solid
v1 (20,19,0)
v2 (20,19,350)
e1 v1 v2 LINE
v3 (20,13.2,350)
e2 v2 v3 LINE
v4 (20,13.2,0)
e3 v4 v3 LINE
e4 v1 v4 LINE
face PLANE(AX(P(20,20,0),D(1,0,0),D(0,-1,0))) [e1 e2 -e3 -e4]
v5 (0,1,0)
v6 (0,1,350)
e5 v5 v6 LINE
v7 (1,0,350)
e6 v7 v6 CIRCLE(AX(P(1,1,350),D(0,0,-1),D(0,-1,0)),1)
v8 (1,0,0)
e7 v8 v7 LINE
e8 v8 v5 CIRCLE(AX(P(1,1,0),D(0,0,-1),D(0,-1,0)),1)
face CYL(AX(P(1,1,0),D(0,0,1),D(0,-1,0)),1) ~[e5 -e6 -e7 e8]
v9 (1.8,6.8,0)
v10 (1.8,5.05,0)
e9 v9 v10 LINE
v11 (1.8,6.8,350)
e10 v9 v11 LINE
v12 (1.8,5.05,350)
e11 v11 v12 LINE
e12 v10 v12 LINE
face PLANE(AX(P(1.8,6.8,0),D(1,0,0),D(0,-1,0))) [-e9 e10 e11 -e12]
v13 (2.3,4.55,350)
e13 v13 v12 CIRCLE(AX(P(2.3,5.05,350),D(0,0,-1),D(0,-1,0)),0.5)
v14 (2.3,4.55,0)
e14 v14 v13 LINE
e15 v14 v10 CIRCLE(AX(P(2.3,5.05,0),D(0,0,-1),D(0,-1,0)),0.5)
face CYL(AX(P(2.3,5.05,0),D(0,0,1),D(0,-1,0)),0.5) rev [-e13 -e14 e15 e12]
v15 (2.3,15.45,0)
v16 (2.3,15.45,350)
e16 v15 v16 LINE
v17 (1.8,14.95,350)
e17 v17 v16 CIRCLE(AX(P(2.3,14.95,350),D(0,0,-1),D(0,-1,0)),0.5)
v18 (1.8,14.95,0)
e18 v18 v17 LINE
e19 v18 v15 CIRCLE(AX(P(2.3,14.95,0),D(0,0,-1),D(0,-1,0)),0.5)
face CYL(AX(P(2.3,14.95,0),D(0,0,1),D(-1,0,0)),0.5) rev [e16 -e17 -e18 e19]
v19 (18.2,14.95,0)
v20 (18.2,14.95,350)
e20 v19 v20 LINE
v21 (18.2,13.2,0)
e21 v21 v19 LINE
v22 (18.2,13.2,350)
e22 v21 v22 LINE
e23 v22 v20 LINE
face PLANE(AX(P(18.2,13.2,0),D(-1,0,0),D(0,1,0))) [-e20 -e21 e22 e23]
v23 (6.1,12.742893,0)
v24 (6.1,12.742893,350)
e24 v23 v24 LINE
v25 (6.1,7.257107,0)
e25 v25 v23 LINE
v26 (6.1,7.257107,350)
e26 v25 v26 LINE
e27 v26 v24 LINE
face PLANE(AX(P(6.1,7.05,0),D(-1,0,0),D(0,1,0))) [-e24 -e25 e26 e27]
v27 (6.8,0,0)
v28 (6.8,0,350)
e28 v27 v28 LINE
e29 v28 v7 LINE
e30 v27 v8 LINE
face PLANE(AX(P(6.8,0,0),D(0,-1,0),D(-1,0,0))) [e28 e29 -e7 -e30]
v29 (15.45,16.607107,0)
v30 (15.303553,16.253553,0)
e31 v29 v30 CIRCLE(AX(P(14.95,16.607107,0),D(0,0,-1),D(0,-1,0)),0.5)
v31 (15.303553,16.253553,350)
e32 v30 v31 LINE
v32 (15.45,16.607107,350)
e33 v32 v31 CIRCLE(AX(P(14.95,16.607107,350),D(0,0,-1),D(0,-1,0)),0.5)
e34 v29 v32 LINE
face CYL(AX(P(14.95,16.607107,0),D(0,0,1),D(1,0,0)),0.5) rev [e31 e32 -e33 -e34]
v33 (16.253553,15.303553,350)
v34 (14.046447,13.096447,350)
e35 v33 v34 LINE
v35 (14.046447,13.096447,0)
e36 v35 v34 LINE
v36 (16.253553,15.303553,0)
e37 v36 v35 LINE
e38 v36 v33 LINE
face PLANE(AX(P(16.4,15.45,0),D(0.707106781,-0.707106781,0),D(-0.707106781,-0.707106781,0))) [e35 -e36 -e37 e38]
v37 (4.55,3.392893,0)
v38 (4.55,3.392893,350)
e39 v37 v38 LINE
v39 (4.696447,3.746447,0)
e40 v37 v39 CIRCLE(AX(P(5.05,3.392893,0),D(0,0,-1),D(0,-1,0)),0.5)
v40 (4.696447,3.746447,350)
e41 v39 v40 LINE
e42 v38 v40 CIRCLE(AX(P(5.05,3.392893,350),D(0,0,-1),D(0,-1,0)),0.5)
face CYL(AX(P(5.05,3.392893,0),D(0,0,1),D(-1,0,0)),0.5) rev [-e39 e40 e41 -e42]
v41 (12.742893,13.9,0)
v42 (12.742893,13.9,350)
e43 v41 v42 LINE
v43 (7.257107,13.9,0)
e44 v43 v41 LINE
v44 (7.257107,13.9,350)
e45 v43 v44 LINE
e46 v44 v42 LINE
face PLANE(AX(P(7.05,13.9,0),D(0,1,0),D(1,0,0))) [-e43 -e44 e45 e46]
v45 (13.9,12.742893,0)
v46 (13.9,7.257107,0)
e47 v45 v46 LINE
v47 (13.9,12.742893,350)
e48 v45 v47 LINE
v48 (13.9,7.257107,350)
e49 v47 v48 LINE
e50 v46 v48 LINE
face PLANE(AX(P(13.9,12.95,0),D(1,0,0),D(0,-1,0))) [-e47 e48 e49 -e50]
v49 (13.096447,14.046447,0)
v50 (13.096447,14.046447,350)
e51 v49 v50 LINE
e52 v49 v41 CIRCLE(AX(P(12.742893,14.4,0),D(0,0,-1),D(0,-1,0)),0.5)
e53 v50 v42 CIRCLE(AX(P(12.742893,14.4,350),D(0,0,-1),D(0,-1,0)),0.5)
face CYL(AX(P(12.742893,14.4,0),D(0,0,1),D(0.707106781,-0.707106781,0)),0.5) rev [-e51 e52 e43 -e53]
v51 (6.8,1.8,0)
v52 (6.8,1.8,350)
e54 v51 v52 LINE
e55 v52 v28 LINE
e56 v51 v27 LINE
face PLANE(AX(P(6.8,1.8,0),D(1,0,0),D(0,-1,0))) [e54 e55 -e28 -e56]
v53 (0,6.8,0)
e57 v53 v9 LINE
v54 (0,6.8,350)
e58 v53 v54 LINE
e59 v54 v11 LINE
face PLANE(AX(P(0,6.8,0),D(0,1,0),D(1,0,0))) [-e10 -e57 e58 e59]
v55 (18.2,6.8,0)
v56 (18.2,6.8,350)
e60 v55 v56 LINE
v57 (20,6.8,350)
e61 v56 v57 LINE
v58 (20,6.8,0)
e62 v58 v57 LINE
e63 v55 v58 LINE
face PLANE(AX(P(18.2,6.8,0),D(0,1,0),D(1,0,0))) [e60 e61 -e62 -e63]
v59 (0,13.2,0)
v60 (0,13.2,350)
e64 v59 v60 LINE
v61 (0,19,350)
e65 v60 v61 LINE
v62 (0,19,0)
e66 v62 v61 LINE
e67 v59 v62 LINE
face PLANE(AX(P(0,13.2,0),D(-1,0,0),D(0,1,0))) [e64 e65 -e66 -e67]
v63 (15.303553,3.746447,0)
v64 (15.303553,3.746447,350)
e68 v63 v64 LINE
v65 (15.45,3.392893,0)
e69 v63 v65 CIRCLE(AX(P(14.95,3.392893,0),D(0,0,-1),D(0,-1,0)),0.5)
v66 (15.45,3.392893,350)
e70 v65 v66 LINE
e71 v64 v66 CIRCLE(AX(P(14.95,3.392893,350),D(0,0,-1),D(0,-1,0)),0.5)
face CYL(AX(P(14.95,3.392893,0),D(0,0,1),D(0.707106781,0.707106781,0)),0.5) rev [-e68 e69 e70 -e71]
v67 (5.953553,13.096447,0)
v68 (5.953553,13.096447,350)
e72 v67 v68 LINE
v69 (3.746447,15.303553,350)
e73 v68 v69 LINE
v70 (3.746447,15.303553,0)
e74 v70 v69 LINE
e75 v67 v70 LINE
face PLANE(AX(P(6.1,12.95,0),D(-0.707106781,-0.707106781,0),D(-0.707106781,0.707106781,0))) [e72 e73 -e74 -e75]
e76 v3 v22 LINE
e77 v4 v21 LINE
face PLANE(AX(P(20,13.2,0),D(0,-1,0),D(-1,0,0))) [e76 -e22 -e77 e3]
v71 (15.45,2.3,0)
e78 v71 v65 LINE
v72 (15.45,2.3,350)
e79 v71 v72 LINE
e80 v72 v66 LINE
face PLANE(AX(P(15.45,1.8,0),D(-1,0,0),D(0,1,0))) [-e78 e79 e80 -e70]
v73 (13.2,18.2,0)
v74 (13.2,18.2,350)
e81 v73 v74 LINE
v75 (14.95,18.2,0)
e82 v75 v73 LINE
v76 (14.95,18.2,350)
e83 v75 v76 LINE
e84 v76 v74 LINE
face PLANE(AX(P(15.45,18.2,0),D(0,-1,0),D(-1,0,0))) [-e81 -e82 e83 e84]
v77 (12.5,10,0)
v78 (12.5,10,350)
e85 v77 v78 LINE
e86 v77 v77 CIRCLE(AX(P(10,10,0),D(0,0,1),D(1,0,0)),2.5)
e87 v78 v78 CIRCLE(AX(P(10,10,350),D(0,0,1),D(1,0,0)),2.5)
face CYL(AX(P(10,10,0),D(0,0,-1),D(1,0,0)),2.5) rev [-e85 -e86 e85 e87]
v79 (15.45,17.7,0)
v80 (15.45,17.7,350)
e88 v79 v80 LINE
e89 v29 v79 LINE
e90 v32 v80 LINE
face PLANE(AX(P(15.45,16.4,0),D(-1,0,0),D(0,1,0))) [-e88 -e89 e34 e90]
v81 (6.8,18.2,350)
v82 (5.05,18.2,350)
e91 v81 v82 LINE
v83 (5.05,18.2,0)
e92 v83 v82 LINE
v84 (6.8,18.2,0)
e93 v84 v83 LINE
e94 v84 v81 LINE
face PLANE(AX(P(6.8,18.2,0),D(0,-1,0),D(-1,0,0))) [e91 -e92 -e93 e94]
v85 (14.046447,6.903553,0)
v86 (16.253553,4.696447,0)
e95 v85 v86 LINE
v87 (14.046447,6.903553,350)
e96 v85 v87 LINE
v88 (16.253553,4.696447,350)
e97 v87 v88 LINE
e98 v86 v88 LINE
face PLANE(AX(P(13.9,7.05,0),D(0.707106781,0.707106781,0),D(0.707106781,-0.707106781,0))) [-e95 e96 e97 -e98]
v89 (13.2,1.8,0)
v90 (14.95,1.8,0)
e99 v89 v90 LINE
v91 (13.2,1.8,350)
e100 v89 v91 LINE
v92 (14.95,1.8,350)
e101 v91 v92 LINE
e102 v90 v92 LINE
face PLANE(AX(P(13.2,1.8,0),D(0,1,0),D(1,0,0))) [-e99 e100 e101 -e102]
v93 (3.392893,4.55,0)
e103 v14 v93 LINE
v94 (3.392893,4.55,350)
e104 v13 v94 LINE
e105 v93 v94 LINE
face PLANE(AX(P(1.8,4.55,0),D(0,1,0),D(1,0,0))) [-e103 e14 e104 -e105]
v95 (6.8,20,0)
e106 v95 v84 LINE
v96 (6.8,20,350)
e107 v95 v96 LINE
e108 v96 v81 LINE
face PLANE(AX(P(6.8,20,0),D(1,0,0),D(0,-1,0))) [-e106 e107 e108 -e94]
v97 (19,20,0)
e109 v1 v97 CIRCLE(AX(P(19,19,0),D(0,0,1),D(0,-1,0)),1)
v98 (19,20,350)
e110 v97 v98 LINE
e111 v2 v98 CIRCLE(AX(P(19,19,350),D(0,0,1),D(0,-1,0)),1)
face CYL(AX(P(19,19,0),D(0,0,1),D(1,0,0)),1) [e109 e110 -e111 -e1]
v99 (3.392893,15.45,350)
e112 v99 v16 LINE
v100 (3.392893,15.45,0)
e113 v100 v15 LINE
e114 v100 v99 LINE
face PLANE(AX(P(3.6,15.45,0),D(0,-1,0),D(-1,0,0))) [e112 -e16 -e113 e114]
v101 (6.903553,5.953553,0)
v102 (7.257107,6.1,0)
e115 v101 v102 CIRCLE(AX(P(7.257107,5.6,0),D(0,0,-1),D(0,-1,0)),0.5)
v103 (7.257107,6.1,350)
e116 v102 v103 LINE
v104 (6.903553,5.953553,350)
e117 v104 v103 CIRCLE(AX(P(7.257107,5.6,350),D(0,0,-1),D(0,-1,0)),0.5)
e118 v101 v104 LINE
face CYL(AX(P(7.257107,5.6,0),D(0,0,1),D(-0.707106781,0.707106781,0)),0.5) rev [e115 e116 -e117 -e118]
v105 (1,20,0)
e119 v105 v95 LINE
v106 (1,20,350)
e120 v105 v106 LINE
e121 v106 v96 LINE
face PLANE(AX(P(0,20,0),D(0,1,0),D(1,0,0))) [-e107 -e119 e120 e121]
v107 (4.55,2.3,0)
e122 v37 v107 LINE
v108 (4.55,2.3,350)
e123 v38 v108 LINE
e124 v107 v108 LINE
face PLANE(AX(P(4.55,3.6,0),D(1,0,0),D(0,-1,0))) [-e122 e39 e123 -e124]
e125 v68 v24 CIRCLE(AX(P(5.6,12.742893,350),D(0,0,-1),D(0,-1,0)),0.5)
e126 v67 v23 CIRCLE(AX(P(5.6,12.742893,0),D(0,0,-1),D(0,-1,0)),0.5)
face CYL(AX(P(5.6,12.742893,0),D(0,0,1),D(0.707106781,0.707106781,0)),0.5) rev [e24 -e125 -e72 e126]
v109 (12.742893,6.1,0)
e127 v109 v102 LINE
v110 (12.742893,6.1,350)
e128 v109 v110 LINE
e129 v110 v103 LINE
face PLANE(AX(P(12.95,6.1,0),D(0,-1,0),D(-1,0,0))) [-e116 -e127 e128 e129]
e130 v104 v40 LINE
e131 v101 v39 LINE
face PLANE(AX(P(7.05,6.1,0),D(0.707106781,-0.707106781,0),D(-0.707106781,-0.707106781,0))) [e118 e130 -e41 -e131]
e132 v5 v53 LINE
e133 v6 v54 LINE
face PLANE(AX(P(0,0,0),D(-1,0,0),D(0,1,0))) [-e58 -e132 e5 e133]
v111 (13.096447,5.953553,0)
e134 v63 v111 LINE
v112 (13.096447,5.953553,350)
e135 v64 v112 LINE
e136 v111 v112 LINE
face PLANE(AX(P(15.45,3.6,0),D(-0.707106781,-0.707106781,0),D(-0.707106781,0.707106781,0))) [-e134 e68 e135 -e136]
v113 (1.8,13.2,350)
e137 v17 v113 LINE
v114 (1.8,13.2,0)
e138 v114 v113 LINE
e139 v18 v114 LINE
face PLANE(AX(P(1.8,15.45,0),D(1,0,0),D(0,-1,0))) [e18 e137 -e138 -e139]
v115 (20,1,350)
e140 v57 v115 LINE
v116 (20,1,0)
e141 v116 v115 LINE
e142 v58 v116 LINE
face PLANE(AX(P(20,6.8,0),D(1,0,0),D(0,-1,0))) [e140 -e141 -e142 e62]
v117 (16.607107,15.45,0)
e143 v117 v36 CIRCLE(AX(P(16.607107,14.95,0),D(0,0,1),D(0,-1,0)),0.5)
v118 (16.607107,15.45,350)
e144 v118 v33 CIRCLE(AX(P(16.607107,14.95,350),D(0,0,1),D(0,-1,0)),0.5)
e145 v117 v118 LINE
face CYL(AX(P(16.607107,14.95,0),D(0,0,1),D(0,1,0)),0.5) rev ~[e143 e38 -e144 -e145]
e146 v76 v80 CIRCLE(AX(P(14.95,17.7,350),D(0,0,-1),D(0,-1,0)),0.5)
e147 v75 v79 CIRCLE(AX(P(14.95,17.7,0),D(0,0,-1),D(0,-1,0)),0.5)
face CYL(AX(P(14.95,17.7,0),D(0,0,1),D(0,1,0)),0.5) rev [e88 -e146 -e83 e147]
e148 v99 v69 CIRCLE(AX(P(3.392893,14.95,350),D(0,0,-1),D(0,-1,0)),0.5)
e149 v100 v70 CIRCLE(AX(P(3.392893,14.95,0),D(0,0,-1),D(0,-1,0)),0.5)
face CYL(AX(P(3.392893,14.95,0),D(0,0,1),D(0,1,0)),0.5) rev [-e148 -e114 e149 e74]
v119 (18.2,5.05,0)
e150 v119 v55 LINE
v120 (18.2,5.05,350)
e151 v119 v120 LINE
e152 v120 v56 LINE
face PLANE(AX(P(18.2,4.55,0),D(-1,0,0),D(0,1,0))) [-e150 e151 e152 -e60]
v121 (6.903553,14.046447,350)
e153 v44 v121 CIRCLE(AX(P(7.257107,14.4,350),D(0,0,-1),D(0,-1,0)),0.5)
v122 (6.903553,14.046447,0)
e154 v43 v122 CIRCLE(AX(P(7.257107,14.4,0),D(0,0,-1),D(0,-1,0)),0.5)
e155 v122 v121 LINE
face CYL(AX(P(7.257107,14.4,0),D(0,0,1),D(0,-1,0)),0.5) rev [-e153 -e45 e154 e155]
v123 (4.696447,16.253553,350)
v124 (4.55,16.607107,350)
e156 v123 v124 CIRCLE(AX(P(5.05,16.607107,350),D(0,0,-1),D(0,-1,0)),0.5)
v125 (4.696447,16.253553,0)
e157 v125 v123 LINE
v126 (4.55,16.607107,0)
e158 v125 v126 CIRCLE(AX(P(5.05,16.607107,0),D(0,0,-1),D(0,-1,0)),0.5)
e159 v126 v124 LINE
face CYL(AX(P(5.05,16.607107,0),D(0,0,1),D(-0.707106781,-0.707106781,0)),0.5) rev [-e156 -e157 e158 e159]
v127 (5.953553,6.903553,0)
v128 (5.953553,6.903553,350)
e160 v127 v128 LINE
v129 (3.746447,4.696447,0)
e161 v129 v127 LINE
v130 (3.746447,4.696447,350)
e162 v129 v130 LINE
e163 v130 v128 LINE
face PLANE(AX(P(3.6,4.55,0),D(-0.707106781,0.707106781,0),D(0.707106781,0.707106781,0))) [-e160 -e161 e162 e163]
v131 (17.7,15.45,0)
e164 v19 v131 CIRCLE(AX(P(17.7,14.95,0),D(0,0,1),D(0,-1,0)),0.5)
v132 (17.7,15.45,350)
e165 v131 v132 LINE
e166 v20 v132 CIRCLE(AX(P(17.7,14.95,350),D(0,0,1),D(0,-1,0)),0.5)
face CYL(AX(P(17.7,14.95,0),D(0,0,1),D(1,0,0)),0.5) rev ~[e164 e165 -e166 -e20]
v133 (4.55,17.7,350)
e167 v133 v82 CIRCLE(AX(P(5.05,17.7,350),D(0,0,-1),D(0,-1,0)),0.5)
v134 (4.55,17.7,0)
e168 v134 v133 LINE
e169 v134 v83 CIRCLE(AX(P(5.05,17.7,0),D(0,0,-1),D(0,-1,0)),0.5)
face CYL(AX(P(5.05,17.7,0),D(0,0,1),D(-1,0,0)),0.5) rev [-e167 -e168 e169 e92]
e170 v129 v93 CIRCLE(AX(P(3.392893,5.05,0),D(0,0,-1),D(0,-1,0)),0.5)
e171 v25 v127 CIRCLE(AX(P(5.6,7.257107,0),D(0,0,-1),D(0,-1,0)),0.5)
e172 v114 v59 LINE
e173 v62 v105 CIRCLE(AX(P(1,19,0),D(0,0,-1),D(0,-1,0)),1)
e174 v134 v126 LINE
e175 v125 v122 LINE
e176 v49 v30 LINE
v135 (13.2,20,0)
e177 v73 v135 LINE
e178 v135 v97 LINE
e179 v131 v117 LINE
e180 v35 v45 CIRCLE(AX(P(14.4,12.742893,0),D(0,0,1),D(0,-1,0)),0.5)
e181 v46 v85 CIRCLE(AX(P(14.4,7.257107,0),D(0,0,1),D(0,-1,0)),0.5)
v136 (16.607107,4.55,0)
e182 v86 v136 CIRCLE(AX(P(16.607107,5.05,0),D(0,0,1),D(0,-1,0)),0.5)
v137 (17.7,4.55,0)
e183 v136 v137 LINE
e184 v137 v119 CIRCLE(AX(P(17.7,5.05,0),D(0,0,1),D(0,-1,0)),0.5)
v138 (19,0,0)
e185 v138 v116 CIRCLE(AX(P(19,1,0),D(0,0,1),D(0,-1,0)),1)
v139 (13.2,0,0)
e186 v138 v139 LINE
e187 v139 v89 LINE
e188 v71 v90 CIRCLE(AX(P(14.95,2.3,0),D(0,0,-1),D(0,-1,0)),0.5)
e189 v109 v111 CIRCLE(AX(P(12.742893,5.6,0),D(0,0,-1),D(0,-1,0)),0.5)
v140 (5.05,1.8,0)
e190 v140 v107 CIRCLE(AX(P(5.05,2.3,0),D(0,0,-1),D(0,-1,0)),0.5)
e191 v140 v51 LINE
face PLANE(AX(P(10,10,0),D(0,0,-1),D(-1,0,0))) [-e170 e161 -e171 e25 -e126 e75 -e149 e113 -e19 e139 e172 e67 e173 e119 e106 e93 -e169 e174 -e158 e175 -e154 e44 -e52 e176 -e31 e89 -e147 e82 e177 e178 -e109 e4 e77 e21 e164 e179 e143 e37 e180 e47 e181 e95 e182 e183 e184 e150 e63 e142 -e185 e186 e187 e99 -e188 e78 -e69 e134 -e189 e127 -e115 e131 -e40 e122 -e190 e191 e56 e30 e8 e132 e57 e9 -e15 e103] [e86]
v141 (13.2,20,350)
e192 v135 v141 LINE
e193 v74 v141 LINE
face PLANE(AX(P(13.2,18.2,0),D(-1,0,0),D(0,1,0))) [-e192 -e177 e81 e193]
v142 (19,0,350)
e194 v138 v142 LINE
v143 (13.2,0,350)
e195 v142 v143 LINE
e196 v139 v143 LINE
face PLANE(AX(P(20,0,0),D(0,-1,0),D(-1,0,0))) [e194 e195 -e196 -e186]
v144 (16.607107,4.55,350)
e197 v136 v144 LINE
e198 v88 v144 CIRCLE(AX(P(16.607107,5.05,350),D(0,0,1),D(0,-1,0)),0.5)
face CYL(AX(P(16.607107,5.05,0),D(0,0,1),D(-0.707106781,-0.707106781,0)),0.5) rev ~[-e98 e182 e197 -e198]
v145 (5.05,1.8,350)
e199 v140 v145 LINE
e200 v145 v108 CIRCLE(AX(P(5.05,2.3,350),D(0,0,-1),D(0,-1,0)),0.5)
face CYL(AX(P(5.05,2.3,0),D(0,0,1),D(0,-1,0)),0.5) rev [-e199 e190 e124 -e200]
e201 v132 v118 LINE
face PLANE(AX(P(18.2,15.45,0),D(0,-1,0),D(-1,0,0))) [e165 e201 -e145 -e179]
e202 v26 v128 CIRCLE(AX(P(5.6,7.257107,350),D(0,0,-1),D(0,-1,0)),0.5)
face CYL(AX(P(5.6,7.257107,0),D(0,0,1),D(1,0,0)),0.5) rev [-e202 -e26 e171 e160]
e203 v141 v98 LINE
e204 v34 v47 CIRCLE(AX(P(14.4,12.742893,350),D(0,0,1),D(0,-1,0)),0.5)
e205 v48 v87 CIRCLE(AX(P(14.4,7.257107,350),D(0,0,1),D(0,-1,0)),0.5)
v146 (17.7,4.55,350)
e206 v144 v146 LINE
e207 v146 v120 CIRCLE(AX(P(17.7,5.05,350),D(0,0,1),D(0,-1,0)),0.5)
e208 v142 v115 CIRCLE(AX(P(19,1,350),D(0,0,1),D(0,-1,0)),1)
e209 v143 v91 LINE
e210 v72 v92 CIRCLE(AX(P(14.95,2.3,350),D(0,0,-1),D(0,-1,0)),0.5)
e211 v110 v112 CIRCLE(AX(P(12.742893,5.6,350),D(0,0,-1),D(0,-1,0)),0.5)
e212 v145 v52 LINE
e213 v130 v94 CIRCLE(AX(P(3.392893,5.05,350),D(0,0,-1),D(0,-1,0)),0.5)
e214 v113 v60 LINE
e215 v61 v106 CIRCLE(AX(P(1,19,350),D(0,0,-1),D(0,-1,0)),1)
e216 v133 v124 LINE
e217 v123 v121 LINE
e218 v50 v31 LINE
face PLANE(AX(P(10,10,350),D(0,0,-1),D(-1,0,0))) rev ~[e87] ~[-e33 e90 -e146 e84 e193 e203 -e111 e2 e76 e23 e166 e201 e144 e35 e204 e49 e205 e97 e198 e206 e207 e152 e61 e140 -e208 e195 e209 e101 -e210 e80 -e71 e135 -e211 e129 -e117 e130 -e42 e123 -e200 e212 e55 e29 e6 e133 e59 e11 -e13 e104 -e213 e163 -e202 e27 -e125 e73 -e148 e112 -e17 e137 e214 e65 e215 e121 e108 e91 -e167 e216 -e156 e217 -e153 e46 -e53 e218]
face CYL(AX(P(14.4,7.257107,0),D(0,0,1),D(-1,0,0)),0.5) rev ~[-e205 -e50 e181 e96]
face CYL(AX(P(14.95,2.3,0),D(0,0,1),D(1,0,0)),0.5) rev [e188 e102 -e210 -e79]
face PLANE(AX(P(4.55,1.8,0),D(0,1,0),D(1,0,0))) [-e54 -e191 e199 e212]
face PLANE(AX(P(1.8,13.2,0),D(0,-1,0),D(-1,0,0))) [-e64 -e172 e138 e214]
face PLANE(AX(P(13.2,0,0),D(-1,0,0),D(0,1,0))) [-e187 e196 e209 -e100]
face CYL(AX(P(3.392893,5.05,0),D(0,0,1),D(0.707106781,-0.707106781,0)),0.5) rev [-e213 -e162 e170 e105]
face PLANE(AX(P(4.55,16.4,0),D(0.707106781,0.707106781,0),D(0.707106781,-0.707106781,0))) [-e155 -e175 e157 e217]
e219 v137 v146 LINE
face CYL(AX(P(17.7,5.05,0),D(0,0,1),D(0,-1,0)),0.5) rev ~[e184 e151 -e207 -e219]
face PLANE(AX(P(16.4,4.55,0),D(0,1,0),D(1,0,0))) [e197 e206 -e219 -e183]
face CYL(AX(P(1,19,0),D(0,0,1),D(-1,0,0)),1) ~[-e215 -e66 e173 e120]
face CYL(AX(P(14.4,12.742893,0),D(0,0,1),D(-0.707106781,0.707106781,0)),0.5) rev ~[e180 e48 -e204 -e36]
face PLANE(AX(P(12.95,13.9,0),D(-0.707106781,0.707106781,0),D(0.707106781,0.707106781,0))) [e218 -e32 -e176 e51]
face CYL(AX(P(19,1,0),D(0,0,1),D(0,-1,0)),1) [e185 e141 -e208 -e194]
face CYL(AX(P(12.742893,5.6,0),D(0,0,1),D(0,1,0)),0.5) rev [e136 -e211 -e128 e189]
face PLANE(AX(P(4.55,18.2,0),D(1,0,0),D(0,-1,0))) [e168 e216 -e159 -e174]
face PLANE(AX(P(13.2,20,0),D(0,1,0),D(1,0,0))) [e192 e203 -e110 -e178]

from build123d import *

# Parameters (mm, degrees)
SKETCH1_R           = 2.5
BOSS_EXTRUDE1_DEPTH = 350
FILLET1_R           = 1
FILLET2_R           = 0.5
FILLET3_R           = 0.5
FILLET4_R           = 0.5
FILLET5_R           = 0.5


with BuildPart() as part:
    # Sketch1 → Boss-Extrude1 (new body)
    with BuildSketch(Plane.XY):
        Polygon((13.2, 0), (13.2, 1.8), (15.45, 1.8), (15.45, 3.6), (12.95, 6.1), (7.05, 6.1), (4.55, 3.6), (4.55, 1.8), (6.8, 1.8), (6.8, 0), (0, 0), (0, 6.8), (1.8, 6.8), (1.8, 4.55), (3.6, 4.55), (6.1, 7.05), (6.1, 12.95), (3.6, 15.45), (1.8, 15.45), (1.8, 13.2), (0, 13.2), (0, 20), (6.8, 20), (6.8, 18.2), (4.55, 18.2), (4.55, 16.4), (7.05, 13.9), (12.95, 13.9), (15.45, 16.4), (15.45, 18.2), (13.2, 18.2), (13.2, 20), (20, 20), (20, 13.2), (18.2, 13.2), (18.2, 15.45), (16.4, 15.45), (13.9, 12.95), (13.9, 7.05), (16.4, 4.55), (18.2, 4.55), (18.2, 6.8), (20, 6.8), (20, 0), align=None)
        with Locations((10, 10)):
            Circle(SKETCH1_R, mode=Mode.SUBTRACT)
    extrude(amount=BOSS_EXTRUDE1_DEPTH)

    # Fillet1
    fillet1_edges = [part.edges().sort_by_distance(p)[0] for p in [
        (0, 0, 175),
        (0, 20, 175),
        (20, 20, 175),
        (20, 0, 175),
    ]]
    fillet(fillet1_edges, radius=FILLET1_R)

    # Fillet2
    fillet2_edges = [part.edges().sort_by_distance(p)[0] for p in [
        (4.55, 18.2, 175),
        (4.55, 16.4, 175),
        (7.05, 13.9, 175),
        (12.95, 13.9, 175),
        (15.45, 16.4, 175),
        (15.45, 18.2, 175),
    ]]
    fillet(fillet2_edges, radius=FILLET2_R)

    # Fillet3
    fillet3_edges = [part.edges().sort_by_distance(p)[0] for p in [
        (18.2, 15.45, 175),
        (16.4, 15.45, 175),
        (13.9, 12.95, 175),
        (13.9, 7.05, 175),
        (16.4, 4.55, 175),
        (18.2, 4.55, 175),
    ]]
    fillet(fillet3_edges, radius=FILLET3_R)

    # Fillet4
    fillet4_edges = [part.edges().sort_by_distance(p)[0] for p in [
        (1.8, 4.55, 175),
        (3.6, 4.55, 175),
        (6.1, 7.05, 175),
        (6.1, 12.95, 175),
        (3.6, 15.45, 175),
        (1.8, 15.45, 175),
    ]]
    fillet(fillet4_edges, radius=FILLET4_R)

    # Fillet5
    fillet5_edges = [part.edges().sort_by_distance(p)[0] for p in [
        (15.45, 1.8, 175),
        (15.45, 3.6, 175),
        (12.95, 6.1, 175),
        (7.05, 6.1, 175),
        (4.55, 3.6, 175),
        (4.55, 1.8, 175),
    ]]
    fillet(fillet5_edges, radius=FILLET5_R)


solid = part.part
